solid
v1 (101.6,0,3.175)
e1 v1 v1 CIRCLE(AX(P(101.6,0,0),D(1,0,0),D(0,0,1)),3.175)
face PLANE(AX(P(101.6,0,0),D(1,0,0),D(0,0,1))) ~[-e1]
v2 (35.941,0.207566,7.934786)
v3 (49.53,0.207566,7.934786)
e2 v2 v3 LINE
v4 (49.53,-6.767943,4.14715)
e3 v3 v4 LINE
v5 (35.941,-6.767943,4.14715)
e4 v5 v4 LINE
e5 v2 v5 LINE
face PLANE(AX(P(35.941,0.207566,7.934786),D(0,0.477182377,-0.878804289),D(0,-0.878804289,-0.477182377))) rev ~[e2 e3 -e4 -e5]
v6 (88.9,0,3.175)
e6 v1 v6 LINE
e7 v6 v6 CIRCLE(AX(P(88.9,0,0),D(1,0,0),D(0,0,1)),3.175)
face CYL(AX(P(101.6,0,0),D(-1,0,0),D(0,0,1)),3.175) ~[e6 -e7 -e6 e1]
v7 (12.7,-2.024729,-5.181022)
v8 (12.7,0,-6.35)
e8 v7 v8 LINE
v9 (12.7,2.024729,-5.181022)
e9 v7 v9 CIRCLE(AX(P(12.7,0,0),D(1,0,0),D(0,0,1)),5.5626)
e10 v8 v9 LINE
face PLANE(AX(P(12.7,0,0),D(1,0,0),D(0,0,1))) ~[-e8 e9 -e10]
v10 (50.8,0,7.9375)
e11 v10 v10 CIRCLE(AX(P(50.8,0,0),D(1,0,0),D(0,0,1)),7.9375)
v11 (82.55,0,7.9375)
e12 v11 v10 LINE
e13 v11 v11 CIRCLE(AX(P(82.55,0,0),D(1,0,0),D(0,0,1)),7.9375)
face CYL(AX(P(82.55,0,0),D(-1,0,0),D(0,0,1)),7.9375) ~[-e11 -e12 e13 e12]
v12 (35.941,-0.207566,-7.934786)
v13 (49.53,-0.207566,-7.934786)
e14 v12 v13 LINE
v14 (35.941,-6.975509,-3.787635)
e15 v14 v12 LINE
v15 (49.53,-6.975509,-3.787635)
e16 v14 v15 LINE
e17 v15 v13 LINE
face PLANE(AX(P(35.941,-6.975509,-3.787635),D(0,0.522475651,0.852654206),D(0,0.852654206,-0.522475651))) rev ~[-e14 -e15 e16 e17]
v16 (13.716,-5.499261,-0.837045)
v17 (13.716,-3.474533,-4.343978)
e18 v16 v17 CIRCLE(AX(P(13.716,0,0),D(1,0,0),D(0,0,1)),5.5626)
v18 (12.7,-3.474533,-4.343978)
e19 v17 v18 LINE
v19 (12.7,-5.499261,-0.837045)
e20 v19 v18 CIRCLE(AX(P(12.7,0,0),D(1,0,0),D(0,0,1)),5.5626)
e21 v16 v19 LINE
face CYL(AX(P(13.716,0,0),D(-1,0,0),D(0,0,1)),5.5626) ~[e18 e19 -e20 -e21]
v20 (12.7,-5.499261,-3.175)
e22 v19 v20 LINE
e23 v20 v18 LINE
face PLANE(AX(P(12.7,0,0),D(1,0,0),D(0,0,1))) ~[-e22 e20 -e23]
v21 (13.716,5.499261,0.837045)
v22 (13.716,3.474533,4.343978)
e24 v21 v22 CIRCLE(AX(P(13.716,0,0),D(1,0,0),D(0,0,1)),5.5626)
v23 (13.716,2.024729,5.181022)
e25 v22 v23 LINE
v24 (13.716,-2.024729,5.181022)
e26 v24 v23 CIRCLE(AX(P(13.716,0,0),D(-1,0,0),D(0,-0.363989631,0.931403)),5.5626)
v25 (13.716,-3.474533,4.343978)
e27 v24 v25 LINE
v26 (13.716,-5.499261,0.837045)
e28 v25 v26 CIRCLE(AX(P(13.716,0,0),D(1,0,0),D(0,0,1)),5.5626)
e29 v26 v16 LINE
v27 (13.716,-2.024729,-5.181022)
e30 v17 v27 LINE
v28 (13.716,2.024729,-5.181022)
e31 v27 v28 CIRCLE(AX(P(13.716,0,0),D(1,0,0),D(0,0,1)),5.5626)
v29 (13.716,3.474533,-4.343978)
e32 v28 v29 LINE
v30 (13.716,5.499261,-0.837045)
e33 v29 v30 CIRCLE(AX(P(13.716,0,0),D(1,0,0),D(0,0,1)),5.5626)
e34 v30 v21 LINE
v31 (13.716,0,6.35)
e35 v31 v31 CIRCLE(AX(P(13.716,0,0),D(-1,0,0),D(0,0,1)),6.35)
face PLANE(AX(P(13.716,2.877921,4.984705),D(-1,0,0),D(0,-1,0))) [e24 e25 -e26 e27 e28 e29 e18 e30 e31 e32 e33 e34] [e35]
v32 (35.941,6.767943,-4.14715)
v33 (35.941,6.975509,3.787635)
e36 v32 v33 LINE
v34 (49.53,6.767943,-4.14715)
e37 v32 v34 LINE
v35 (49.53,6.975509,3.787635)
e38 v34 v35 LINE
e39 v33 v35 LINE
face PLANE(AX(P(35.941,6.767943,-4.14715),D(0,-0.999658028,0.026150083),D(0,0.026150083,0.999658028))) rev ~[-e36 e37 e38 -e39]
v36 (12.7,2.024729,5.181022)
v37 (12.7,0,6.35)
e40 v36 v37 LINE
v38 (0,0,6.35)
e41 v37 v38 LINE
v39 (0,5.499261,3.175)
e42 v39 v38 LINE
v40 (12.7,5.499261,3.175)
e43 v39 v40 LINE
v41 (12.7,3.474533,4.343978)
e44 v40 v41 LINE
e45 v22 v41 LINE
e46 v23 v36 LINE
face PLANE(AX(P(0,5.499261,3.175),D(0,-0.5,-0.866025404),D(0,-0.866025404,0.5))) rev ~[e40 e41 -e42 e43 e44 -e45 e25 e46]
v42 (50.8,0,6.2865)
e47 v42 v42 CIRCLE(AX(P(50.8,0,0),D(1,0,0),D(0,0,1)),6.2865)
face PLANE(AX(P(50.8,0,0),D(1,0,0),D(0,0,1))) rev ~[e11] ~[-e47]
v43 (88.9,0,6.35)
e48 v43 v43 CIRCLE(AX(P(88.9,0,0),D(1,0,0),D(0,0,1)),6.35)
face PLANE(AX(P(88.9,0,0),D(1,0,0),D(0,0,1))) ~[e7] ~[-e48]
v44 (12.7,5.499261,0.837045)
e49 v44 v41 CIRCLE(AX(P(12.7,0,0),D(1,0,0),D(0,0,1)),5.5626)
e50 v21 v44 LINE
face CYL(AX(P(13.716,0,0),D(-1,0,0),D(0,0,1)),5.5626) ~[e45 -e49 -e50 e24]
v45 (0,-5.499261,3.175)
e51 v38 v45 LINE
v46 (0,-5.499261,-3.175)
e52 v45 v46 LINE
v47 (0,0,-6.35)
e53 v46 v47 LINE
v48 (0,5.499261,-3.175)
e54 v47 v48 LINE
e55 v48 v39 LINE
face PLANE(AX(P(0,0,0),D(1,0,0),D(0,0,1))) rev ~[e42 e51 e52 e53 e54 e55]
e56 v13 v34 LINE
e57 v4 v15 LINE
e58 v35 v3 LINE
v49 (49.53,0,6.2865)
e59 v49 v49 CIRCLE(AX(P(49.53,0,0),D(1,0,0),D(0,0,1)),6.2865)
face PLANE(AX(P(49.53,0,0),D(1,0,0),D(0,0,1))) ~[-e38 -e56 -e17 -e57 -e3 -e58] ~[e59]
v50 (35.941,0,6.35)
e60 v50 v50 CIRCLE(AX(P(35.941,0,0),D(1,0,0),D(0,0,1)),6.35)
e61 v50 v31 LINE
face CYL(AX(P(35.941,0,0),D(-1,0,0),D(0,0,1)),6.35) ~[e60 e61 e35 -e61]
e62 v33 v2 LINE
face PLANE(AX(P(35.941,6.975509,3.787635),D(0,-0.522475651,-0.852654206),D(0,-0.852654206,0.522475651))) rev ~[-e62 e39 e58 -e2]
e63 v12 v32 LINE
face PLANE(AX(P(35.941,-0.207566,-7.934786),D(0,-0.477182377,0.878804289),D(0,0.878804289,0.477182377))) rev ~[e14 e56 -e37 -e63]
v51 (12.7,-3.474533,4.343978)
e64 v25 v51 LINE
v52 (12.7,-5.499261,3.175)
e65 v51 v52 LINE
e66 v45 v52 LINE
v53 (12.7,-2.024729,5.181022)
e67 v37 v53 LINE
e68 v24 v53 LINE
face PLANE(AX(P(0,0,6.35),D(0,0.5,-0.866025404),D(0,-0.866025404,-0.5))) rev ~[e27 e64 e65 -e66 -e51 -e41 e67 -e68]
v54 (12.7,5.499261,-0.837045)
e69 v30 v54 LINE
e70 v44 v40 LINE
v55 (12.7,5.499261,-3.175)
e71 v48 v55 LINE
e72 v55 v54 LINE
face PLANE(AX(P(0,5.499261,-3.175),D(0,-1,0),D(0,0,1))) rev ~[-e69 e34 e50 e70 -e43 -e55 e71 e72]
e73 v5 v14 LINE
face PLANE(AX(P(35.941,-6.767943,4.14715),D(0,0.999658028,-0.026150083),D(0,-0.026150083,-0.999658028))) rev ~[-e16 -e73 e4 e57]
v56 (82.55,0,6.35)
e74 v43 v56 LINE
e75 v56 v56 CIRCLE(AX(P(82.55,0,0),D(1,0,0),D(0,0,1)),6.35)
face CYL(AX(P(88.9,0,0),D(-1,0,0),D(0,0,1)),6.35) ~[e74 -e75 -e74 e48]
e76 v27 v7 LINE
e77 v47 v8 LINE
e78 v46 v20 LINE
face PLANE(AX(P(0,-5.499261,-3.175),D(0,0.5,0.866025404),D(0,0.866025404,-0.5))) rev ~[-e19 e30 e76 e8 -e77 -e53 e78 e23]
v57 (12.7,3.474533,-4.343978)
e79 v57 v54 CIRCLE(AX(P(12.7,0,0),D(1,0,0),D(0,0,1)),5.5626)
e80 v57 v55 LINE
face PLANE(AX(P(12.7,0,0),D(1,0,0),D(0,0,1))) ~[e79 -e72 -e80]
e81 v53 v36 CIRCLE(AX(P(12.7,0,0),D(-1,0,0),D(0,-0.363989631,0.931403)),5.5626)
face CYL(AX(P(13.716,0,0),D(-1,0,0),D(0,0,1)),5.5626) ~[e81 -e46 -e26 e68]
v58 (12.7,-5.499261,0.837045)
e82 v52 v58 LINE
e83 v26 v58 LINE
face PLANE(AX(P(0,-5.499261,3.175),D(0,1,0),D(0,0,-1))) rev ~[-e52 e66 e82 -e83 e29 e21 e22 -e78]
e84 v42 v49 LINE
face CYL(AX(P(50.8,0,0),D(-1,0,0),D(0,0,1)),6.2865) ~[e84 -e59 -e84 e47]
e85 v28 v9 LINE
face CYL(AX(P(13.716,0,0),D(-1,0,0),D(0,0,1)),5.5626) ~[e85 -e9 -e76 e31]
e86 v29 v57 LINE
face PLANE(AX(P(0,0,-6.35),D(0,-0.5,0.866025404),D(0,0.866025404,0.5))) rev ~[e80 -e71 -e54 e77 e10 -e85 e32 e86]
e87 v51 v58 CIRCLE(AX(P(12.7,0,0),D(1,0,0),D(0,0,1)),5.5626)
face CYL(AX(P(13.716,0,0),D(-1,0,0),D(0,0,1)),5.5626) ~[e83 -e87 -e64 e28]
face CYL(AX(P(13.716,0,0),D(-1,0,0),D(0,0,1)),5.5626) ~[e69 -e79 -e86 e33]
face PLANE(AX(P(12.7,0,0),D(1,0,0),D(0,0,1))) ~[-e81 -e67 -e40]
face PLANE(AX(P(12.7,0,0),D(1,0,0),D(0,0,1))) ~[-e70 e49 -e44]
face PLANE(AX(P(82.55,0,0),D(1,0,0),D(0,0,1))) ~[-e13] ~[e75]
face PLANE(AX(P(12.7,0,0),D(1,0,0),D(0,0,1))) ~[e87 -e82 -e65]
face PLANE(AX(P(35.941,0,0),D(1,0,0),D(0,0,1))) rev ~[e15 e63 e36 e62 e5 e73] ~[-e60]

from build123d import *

# Parameters (mm, degrees)
F3_DEPTH = 13.716
F5_DEPTH = 13.589


with BuildPart() as f1:
    # F0 (on Front) → F1 (revolve)
    with BuildSketch(Plane.XZ):
        Polygon((0, 6.35), (0, 0), (101.6, 0), (101.6, 3.175), (88.9, 3.175), (88.9, 6.35), (82.55, 6.35), (82.55, 7.9375), (50.8, 7.9375), (50.8, 6.2865), (49.53, 6.2865), (49.53, 7.9375), (35.941, 7.9375), (35.941, 6.35), (13.716, 6.35), (13.716, 5.5626), (12.7, 5.5626), (12.7, 6.35), align=None)
    revolve(axis=Axis((121.0162361984, 0, 0), (1, 0, 0)))

    # F2 (on face) → F3 (cut)
    with BuildSketch(Plane(origin=(0, 0, 0), x_dir=(0, -1, 0), z_dir=(-1, 0, 0))):
        with BuildLine():
            Line((0, 6.35), (5.499261314, 3.175))
            ThreePointArc((5.499261314, 3.175), (3.175, 5.499261314), (0, 6.35))
        make_face()
        with BuildLine():
            Line((5.499261314, 3.175), (5.499261314, -3.175))
            ThreePointArc((5.499261314, -3.175), (6.1336289969, -1.6435009364), (6.35, 0))
            ThreePointArc((6.35, 0), (6.1336289969, 1.6435009364), (5.499261314, 3.175))
        make_face()
        with BuildLine():
            Line((5.499261314, -3.175), (0, -6.35))
            ThreePointArc((0, -6.35), (3.175, -5.499261314), (5.499261314, -3.175))
        make_face()
        with BuildLine():
            ThreePointArc((-5.499261314, -3.175), (-3.175, -5.499261314), (0, -6.35))
            Line((0, -6.35), (-5.499261314, -3.175))
        make_face()
        with BuildLine():
            ThreePointArc((-5.499261314, 3.175), (-6.35, 0), (-5.499261314, -3.175))
            Line((-5.499261314, -3.175), (-5.499261314, 3.175))
        make_face()
        with BuildLine():
            ThreePointArc((0, 6.35), (-3.175, 5.499261314), (-5.499261314, 3.175))
            Line((-5.499261314, 3.175), (0, 6.35))
        make_face()
    extrude(amount=-F3_DEPTH, mode=Mode.SUBTRACT)

    # F4 (on face) → F5 (cut, through all)
    with BuildSketch(Plane(origin=(35.941, 0, 0), x_dir=(0, -1, 0), z_dir=(-1, 0, 0))):
        with BuildLine():
            Line((6.7679427578, 4.1471504768), (6.9755090451, -3.7876351213))
            ThreePointArc((6.9755090451, -3.7876351213), (7.6932440913, -1.953945138), (7.9375, 0))
            ThreePointArc((7.9375, 0), (7.6395173895, 2.1544559185), (6.7679427578, 4.1471504768))
        make_face()
        with BuildLine():
            ThreePointArc((6.7679427578, 4.1471504768), (3.7876351213, 6.9755090451), (-0.2075662873, 7.934785598))
            Line((-0.2075662873, 7.934785598), (6.7679427578, 4.1471504768))
        make_face()
        with BuildLine():
            ThreePointArc((-0.2075662873, 7.934785598), (-4.1471504768, 6.7679427578), (-6.9755090451, 3.7876351213))
            Line((-6.9755090451, 3.7876351213), (-0.2075662873, 7.934785598))
        make_face()
        with BuildLine():
            ThreePointArc((-6.9755090451, 3.7876351213), (-7.934785598, -0.2075662873), (-6.7679427578, -4.1471504768))
            Line((-6.7679427578, -4.1471504768), (-6.9755090451, 3.7876351213))
        make_face()
        with BuildLine():
            Line((6.9755090451, -3.7876351213), (0.2075662873, -7.934785598))
            ThreePointArc((0.2075662873, -7.934785598), (4.1471504768, -6.7679427578), (6.9755090451, -3.7876351213))
        make_face()
        with BuildLine():
            Line((0.2075662873, -7.934785598), (-6.7679427578, -4.1471504768))
            ThreePointArc((-6.7679427578, -4.1471504768), (-3.7876351213, -6.9755090451), (0.2075662873, -7.934785598))
        make_face()
    extrude(amount=-F5_DEPTH, mode=Mode.SUBTRACT)


solid = f1.part
